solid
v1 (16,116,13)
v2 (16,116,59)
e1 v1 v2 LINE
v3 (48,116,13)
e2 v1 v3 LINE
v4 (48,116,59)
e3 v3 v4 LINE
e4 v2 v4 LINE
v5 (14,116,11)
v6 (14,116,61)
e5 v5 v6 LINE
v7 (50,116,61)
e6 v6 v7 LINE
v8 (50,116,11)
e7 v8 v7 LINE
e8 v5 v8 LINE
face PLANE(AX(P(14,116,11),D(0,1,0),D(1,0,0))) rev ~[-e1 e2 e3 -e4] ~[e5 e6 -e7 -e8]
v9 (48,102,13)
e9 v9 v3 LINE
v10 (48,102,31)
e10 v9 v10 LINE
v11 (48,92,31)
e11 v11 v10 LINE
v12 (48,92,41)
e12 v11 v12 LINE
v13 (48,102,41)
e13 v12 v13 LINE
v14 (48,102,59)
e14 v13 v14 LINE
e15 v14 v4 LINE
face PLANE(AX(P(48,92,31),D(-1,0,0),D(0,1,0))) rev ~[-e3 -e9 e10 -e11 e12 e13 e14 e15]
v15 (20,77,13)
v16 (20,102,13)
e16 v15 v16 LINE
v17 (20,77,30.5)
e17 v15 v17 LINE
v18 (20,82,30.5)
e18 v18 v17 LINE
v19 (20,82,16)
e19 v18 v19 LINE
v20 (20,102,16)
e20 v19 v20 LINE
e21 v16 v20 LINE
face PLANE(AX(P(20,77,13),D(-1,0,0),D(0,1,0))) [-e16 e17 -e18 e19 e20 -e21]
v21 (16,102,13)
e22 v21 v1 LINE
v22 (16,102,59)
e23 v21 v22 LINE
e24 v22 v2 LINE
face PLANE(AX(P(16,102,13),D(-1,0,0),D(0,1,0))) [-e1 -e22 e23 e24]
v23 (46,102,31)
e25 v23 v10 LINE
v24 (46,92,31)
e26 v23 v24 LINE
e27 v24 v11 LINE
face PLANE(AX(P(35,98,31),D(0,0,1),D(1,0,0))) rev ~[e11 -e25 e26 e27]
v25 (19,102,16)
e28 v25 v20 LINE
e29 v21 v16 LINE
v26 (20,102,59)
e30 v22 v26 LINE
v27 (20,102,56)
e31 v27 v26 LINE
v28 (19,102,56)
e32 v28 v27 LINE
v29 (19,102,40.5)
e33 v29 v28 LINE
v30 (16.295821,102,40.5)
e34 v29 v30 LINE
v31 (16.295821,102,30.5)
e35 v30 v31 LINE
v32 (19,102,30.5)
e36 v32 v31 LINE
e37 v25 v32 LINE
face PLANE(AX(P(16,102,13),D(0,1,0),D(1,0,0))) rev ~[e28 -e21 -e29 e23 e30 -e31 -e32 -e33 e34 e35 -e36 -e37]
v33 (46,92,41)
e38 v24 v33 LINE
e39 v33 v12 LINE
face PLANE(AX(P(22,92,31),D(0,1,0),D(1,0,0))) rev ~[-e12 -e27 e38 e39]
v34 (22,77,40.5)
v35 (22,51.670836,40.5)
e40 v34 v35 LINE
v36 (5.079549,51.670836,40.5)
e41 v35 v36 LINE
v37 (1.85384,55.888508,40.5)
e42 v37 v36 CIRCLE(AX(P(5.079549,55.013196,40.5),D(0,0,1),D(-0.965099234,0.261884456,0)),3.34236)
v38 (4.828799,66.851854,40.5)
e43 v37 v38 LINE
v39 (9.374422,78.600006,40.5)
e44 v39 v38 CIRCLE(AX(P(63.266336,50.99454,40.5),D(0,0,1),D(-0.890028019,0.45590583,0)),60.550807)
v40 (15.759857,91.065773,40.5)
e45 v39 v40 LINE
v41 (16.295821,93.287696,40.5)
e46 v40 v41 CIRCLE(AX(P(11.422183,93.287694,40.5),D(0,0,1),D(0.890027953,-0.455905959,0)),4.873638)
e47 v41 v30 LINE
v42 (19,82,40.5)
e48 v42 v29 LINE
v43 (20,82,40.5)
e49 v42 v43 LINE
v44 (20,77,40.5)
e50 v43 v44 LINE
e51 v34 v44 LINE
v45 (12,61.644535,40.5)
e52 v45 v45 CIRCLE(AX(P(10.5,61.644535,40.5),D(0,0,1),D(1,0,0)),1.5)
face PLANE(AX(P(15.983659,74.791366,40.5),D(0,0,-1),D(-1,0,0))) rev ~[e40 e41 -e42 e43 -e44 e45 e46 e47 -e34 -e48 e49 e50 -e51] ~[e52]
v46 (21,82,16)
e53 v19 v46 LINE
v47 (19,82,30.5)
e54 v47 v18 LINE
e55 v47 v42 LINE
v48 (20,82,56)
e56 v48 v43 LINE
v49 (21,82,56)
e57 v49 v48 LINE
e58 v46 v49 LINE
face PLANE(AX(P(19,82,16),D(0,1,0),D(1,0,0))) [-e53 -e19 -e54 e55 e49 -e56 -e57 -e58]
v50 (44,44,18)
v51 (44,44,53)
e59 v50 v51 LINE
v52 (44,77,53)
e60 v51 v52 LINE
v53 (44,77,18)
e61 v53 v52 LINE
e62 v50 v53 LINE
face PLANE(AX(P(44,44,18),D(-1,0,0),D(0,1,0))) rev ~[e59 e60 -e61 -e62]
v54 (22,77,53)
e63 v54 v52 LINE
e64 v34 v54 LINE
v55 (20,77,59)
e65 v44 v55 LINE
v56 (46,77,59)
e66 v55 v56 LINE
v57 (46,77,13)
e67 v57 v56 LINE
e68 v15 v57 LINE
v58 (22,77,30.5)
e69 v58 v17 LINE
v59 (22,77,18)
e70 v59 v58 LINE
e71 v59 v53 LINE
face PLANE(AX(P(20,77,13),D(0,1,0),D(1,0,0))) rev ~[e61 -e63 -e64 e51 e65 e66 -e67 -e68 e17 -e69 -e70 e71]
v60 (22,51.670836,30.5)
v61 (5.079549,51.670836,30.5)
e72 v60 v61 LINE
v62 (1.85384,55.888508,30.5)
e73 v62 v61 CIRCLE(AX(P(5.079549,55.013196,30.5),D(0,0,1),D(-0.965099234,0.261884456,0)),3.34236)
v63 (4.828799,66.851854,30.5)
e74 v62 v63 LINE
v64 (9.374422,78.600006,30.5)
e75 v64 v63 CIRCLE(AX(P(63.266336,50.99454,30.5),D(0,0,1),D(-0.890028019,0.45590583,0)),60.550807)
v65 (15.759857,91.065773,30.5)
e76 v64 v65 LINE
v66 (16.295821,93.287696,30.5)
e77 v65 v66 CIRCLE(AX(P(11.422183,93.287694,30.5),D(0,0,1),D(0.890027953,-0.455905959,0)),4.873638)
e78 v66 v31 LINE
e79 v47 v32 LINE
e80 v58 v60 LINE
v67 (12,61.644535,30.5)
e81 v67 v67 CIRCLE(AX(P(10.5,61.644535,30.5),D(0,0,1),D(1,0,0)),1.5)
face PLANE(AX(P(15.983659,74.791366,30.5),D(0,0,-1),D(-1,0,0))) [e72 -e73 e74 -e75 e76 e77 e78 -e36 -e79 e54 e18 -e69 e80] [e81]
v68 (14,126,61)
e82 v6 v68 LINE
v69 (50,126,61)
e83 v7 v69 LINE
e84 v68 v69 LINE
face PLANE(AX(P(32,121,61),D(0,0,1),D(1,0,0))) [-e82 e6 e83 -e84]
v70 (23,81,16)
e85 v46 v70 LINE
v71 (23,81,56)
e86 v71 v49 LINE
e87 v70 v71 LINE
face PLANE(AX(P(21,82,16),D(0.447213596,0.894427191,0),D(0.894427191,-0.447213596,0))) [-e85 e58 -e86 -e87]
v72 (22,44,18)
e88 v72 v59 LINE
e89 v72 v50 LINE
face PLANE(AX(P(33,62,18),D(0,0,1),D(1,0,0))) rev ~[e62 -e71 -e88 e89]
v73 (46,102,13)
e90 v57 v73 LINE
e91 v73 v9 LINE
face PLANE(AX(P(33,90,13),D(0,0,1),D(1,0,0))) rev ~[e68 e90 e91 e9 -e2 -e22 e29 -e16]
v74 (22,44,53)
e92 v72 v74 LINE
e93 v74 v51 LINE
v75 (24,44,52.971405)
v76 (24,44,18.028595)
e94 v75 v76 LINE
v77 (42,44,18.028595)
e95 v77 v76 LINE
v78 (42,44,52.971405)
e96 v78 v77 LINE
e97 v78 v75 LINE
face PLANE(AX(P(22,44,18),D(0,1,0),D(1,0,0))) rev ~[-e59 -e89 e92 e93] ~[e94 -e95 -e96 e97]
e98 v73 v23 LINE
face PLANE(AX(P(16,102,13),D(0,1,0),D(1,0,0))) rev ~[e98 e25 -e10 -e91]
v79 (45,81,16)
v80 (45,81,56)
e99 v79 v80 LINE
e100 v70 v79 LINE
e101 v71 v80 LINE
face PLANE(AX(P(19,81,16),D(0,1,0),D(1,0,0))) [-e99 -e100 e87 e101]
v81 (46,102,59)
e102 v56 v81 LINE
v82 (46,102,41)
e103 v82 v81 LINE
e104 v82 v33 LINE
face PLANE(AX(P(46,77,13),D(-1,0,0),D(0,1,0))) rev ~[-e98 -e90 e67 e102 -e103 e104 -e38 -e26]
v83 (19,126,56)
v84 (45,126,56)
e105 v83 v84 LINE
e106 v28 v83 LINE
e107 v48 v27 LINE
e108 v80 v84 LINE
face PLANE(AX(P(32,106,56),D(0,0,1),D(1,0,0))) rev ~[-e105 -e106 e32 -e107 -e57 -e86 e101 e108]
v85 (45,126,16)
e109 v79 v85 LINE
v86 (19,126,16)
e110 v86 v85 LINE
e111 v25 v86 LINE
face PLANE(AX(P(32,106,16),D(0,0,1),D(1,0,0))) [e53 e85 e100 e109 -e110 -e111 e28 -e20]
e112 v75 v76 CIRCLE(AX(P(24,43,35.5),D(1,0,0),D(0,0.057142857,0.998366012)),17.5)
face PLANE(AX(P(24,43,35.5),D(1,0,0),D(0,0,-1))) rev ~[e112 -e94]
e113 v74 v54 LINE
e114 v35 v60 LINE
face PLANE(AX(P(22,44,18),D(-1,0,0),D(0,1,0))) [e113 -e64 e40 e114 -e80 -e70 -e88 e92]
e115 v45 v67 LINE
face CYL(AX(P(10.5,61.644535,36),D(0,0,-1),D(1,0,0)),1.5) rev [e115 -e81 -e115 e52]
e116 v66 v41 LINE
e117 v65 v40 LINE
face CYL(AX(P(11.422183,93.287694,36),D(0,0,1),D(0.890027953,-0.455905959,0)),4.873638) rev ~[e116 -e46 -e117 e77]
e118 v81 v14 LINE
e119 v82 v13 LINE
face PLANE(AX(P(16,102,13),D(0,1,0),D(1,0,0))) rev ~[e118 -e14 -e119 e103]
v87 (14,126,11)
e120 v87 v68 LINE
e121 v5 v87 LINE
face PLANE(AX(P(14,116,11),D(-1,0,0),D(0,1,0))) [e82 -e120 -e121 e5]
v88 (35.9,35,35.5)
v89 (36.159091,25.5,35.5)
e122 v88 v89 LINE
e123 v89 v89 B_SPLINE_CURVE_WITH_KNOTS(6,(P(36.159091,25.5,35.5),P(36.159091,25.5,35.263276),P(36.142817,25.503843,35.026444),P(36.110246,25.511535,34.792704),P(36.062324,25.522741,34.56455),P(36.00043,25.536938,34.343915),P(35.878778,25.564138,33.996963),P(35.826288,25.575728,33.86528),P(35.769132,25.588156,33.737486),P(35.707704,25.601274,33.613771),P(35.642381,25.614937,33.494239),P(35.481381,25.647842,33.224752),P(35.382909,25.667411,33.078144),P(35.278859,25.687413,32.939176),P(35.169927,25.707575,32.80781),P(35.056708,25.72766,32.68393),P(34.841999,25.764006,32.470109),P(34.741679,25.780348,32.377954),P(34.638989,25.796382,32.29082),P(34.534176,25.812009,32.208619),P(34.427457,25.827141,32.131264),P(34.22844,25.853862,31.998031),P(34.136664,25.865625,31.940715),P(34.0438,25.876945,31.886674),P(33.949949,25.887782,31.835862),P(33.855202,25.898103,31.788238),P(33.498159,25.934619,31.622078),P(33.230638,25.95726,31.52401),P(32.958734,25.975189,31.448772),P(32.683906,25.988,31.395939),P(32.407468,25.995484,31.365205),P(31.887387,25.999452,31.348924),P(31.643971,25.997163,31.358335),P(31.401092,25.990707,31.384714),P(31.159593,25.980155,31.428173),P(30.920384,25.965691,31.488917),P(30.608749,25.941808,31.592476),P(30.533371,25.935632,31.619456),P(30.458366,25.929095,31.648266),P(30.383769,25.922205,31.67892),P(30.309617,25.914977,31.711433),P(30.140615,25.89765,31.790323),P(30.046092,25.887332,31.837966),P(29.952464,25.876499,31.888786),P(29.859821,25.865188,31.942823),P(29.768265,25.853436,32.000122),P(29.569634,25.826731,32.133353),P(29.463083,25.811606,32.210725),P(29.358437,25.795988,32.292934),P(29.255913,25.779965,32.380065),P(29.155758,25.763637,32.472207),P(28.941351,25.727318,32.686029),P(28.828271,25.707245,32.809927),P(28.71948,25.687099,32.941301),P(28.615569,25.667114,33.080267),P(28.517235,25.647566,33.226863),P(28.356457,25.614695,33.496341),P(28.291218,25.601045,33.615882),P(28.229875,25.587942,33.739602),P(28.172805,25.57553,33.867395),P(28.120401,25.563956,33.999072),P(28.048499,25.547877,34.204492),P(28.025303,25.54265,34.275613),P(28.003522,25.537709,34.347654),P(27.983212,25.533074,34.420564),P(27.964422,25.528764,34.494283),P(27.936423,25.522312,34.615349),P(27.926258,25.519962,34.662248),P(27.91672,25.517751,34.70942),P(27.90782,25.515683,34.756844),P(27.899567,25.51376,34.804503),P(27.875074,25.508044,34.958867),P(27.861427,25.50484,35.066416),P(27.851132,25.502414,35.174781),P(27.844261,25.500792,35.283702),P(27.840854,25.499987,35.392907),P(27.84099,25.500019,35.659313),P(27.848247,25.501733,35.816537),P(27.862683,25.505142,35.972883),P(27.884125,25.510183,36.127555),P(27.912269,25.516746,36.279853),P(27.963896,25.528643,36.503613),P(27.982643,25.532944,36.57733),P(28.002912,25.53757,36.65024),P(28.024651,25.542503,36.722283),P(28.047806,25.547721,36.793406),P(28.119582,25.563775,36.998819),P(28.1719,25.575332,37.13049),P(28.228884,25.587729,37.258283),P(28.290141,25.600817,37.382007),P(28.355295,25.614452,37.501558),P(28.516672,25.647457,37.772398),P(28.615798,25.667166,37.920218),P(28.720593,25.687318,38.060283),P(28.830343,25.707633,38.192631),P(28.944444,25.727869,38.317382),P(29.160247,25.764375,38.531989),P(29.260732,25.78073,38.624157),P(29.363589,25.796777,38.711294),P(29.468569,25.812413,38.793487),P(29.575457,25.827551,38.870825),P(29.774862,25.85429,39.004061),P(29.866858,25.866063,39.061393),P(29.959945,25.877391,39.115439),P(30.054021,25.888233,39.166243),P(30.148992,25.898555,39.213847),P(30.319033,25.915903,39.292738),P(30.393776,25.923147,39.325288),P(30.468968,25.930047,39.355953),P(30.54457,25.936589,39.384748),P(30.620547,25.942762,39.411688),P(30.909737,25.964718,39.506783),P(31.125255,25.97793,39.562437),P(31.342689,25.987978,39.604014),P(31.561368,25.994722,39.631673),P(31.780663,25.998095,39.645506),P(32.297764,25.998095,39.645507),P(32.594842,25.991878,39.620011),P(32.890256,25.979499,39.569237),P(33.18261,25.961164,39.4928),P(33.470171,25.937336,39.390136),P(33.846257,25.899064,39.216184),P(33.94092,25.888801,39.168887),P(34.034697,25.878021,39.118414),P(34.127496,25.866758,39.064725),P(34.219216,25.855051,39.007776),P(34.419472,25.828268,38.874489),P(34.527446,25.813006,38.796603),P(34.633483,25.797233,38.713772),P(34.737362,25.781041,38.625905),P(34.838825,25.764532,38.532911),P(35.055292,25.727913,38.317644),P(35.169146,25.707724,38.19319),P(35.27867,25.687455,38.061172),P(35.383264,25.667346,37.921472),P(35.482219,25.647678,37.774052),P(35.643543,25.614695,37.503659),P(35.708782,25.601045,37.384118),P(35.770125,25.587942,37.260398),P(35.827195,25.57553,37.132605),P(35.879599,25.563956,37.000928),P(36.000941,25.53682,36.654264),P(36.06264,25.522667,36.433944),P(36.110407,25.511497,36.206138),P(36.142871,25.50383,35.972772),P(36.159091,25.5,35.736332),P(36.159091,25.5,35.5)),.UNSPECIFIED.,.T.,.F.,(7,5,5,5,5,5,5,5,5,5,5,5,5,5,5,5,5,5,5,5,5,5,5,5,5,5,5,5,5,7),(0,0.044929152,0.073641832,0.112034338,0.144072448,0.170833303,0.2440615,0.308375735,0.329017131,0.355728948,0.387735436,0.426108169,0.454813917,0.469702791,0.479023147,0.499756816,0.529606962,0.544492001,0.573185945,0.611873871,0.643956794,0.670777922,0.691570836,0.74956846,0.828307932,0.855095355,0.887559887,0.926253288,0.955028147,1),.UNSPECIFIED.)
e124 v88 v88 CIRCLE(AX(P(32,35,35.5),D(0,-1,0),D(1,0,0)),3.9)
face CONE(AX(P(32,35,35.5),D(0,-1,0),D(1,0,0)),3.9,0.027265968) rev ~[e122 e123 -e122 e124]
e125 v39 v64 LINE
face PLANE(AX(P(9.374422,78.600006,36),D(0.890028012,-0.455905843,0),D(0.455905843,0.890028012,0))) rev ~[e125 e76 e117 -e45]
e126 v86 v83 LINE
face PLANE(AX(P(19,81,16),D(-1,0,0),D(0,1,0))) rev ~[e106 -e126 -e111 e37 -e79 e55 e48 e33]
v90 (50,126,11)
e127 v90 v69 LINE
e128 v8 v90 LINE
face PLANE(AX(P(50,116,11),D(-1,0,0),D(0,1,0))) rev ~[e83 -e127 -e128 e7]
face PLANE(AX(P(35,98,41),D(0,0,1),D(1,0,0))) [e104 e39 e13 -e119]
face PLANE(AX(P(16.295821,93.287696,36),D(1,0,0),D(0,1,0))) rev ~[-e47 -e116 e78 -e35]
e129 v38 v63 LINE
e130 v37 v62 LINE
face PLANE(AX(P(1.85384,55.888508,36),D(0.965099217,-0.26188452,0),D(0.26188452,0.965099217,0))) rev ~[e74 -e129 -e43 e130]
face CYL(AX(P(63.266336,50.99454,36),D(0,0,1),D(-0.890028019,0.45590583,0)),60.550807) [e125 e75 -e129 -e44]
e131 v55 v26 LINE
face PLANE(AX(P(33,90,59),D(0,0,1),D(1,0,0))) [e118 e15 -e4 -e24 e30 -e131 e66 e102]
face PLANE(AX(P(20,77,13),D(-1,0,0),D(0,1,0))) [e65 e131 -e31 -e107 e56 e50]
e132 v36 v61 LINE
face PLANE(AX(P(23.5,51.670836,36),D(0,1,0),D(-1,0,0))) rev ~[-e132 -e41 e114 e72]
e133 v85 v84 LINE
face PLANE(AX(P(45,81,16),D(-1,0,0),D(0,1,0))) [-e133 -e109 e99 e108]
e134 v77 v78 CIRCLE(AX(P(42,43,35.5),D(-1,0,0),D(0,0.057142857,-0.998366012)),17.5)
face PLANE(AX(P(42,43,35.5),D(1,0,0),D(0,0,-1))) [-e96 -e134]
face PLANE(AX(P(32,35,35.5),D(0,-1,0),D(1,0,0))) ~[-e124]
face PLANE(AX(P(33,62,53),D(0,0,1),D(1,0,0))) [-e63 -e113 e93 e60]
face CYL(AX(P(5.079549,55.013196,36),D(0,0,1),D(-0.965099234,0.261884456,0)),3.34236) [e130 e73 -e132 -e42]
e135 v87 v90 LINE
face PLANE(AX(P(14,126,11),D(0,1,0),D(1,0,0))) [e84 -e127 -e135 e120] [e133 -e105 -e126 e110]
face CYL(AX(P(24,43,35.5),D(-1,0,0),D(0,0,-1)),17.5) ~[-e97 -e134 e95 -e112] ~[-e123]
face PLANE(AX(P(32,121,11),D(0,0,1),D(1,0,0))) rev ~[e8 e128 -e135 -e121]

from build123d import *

# Parameters (mm, degrees)
CONE002_ROLL_ANGLE   = 90
BOX005_W             = 26
BOX005_H             = 50
BOX005_DEPTH         = 40
POCKET_DEPTH         = 40.001
BOX001_W             = 32
BOX001_H             = 17
BOX001_DEPTH         = 46
BOX002_W             = 26
BOX002_H             = 12
BOX002_DEPTH         = 10
BOX003_W             = 26
BOX003_H             = 26
BOX003_DEPTH         = 46
BOX004_W             = 22
BOX004_H             = 36
BOX004_DEPTH         = 35
CYLINDER_R           = 17.5
CYLINDER_DEPTH       = 18
CYLINDER_PITCH_ANGLE = 90
SKETCH001_R          = 1.5
PAD_DEPTH            = 4.5
PAD_DEPTH_BACK       = 5.5
BOX_W                = 36
BOX_H                = 10
BOX_DEPTH            = 50


with BuildPart() as beinloch001:
    # Cone002 → Cone002 (revolve)
    with BuildSketch(Plane.XZ):
        Polygon((0, 0), (3.9, 0), (4.2, 11), (0, 11), align=None)
    revolve(axis=Axis((0, 0, 0), (0, 0, 1)))


with BuildPart() as beinloch001_1:
    # Cone002 roll: moved
    add(beinloch001.part.rotate(Axis((0, 0, 0), (1, 0, 0)), CONE002_ROLL_ANGLE))


with BuildPart() as beinloch001_2:
    # Cone002 placement: moved
    add(beinloch001_1.part.moved(Location((32, 35, 35.5))))


with BuildPart() as pocket:
    # Box005 → Box005 (new body)
    with BuildSketch(Plane(origin=(19, 81, 16), x_dir=(1, 0, 0), z_dir=(0, 0, 1))):
        with Locations((13, 25)):
            Rectangle(BOX005_W, BOX005_H)
    extrude(amount=BOX005_DEPTH)

    # Sketch → Pocket (cut, through all)
    with BuildSketch(Plane(origin=(19, 81, 16), x_dir=(1, 0, 0), z_dir=(0, 0, -1))):
        Polygon((0, 0), (0, -1), (2, -1), (4, 0), align=None)
    extrude(amount=-POCKET_DEPTH, mode=Mode.SUBTRACT)


with BuildPart() as stirn:
    # Box001 → Box001 (new body)
    with BuildSketch(Plane(origin=(16, 102, 13), x_dir=(1, 0, 0), z_dir=(0, 0, 1))):
        with Locations((16, 8.5)):
            Rectangle(BOX001_W, BOX001_H)
    extrude(amount=BOX001_DEPTH)


with BuildPart() as gnack:
    # Box002 → Box002 (new body)
    with BuildSketch(Plane(origin=(22, 92, 31), x_dir=(1, 0, 0), z_dir=(0, 0, 1))):
        with Locations((13, 6)):
            Rectangle(BOX002_W, BOX002_H)
    extrude(amount=BOX002_DEPTH)


with BuildPart() as augen:
    # Box003 → Box003 (new body)
    with BuildSketch(Plane(origin=(20, 77, 13), x_dir=(1, 0, 0), z_dir=(0, 0, 1))):
        with Locations((13, 13)):
            Rectangle(BOX003_W, BOX003_H)
    extrude(amount=BOX003_DEPTH)


with BuildPart() as wangen:
    # Box004 → Box004 (new body)
    with BuildSketch(Plane(origin=(22, 44, 18), x_dir=(1, 0, 0), z_dir=(0, 0, 1))):
        with Locations((11, 18)):
            Rectangle(BOX004_W, BOX004_H)
    extrude(amount=BOX004_DEPTH)


with BuildPart() as kinn:
    # Cylinder → Cylinder (new body)
    with BuildSketch(Plane.XY):
        Circle(CYLINDER_R)
    extrude(amount=CYLINDER_DEPTH)


with BuildPart() as kinn_1:
    # Cylinder pitch: moved
    add(kinn.part.rotate(Axis((0, 0, 0), (0, 1, 0)), CYLINDER_PITCH_ANGLE))


with BuildPart() as kinn_2:
    # Cylinder placement: moved
    add(kinn_1.part.moved(Location((24, 43, 35.5))))


with BuildPart() as nase:
    # Sketch001 → Pad (new body, two sides)
    with BuildSketch(Plane(origin=(22, 44, 36), x_dir=(1, 0, 0), z_dir=(0, 0, 1))) as pad_sk:
        with BuildLine():
            Line((1.5, 7.670836), (-16.920451, 7.670836))
            ThreePointArc((-20.14616, 11.888508), (-19.57535, 8.982708), (-16.920451, 7.670836))
            Line((-20.14616, 11.888508), (-17.171201, 22.851854))
            ThreePointArc((-12.625578, 34.600006), (-15.204729, 28.844459), (-17.171201, 22.851854))
            Line((-12.625578, 34.600006), (-6.240143, 47.065773))
            ThreePointArc((-6.240143, 47.065773), (-5.840064, 48.144871), (-5.704179, 49.287696))
            Line((-5.704179, 49.287696), (-5.704179, 58.874008))
            Line((-5.704179, 58.874008), (1.5, 58.874008))
            Line((1.5, 58.874008), (1.5, 7.670836))
        make_face()
        with Locations((-11.5, 17.644535)):
            Circle(SKETCH001_R, mode=Mode.SUBTRACT)
    extrude(amount=PAD_DEPTH)
    extrude(pad_sk.sketch, amount=-PAD_DEPTH_BACK)


with BuildPart() as kopf:
    # Box → Box (new body)
    with BuildSketch(Plane(origin=(14, 116, 11), x_dir=(1, 0, 0), z_dir=(0, 0, 1))):
        with Locations((18, 5)):
            Rectangle(BOX_W, BOX_H)
    extrude(amount=BOX_DEPTH)

    # Fusion: union stirn, gnack, augen, wangen, kinn, nase
    add(stirn.part)
    add(gnack.part)
    add(augen.part)
    add(wangen.part)
    add(kinn_2.part)
    add(nase.part)

    # Cut: cut Pocket
    add(pocket.part, mode=Mode.SUBTRACT)

    # Cut003: cut beinloch001
    add(beinloch001_2.part, mode=Mode.SUBTRACT)


solid = kopf.part
